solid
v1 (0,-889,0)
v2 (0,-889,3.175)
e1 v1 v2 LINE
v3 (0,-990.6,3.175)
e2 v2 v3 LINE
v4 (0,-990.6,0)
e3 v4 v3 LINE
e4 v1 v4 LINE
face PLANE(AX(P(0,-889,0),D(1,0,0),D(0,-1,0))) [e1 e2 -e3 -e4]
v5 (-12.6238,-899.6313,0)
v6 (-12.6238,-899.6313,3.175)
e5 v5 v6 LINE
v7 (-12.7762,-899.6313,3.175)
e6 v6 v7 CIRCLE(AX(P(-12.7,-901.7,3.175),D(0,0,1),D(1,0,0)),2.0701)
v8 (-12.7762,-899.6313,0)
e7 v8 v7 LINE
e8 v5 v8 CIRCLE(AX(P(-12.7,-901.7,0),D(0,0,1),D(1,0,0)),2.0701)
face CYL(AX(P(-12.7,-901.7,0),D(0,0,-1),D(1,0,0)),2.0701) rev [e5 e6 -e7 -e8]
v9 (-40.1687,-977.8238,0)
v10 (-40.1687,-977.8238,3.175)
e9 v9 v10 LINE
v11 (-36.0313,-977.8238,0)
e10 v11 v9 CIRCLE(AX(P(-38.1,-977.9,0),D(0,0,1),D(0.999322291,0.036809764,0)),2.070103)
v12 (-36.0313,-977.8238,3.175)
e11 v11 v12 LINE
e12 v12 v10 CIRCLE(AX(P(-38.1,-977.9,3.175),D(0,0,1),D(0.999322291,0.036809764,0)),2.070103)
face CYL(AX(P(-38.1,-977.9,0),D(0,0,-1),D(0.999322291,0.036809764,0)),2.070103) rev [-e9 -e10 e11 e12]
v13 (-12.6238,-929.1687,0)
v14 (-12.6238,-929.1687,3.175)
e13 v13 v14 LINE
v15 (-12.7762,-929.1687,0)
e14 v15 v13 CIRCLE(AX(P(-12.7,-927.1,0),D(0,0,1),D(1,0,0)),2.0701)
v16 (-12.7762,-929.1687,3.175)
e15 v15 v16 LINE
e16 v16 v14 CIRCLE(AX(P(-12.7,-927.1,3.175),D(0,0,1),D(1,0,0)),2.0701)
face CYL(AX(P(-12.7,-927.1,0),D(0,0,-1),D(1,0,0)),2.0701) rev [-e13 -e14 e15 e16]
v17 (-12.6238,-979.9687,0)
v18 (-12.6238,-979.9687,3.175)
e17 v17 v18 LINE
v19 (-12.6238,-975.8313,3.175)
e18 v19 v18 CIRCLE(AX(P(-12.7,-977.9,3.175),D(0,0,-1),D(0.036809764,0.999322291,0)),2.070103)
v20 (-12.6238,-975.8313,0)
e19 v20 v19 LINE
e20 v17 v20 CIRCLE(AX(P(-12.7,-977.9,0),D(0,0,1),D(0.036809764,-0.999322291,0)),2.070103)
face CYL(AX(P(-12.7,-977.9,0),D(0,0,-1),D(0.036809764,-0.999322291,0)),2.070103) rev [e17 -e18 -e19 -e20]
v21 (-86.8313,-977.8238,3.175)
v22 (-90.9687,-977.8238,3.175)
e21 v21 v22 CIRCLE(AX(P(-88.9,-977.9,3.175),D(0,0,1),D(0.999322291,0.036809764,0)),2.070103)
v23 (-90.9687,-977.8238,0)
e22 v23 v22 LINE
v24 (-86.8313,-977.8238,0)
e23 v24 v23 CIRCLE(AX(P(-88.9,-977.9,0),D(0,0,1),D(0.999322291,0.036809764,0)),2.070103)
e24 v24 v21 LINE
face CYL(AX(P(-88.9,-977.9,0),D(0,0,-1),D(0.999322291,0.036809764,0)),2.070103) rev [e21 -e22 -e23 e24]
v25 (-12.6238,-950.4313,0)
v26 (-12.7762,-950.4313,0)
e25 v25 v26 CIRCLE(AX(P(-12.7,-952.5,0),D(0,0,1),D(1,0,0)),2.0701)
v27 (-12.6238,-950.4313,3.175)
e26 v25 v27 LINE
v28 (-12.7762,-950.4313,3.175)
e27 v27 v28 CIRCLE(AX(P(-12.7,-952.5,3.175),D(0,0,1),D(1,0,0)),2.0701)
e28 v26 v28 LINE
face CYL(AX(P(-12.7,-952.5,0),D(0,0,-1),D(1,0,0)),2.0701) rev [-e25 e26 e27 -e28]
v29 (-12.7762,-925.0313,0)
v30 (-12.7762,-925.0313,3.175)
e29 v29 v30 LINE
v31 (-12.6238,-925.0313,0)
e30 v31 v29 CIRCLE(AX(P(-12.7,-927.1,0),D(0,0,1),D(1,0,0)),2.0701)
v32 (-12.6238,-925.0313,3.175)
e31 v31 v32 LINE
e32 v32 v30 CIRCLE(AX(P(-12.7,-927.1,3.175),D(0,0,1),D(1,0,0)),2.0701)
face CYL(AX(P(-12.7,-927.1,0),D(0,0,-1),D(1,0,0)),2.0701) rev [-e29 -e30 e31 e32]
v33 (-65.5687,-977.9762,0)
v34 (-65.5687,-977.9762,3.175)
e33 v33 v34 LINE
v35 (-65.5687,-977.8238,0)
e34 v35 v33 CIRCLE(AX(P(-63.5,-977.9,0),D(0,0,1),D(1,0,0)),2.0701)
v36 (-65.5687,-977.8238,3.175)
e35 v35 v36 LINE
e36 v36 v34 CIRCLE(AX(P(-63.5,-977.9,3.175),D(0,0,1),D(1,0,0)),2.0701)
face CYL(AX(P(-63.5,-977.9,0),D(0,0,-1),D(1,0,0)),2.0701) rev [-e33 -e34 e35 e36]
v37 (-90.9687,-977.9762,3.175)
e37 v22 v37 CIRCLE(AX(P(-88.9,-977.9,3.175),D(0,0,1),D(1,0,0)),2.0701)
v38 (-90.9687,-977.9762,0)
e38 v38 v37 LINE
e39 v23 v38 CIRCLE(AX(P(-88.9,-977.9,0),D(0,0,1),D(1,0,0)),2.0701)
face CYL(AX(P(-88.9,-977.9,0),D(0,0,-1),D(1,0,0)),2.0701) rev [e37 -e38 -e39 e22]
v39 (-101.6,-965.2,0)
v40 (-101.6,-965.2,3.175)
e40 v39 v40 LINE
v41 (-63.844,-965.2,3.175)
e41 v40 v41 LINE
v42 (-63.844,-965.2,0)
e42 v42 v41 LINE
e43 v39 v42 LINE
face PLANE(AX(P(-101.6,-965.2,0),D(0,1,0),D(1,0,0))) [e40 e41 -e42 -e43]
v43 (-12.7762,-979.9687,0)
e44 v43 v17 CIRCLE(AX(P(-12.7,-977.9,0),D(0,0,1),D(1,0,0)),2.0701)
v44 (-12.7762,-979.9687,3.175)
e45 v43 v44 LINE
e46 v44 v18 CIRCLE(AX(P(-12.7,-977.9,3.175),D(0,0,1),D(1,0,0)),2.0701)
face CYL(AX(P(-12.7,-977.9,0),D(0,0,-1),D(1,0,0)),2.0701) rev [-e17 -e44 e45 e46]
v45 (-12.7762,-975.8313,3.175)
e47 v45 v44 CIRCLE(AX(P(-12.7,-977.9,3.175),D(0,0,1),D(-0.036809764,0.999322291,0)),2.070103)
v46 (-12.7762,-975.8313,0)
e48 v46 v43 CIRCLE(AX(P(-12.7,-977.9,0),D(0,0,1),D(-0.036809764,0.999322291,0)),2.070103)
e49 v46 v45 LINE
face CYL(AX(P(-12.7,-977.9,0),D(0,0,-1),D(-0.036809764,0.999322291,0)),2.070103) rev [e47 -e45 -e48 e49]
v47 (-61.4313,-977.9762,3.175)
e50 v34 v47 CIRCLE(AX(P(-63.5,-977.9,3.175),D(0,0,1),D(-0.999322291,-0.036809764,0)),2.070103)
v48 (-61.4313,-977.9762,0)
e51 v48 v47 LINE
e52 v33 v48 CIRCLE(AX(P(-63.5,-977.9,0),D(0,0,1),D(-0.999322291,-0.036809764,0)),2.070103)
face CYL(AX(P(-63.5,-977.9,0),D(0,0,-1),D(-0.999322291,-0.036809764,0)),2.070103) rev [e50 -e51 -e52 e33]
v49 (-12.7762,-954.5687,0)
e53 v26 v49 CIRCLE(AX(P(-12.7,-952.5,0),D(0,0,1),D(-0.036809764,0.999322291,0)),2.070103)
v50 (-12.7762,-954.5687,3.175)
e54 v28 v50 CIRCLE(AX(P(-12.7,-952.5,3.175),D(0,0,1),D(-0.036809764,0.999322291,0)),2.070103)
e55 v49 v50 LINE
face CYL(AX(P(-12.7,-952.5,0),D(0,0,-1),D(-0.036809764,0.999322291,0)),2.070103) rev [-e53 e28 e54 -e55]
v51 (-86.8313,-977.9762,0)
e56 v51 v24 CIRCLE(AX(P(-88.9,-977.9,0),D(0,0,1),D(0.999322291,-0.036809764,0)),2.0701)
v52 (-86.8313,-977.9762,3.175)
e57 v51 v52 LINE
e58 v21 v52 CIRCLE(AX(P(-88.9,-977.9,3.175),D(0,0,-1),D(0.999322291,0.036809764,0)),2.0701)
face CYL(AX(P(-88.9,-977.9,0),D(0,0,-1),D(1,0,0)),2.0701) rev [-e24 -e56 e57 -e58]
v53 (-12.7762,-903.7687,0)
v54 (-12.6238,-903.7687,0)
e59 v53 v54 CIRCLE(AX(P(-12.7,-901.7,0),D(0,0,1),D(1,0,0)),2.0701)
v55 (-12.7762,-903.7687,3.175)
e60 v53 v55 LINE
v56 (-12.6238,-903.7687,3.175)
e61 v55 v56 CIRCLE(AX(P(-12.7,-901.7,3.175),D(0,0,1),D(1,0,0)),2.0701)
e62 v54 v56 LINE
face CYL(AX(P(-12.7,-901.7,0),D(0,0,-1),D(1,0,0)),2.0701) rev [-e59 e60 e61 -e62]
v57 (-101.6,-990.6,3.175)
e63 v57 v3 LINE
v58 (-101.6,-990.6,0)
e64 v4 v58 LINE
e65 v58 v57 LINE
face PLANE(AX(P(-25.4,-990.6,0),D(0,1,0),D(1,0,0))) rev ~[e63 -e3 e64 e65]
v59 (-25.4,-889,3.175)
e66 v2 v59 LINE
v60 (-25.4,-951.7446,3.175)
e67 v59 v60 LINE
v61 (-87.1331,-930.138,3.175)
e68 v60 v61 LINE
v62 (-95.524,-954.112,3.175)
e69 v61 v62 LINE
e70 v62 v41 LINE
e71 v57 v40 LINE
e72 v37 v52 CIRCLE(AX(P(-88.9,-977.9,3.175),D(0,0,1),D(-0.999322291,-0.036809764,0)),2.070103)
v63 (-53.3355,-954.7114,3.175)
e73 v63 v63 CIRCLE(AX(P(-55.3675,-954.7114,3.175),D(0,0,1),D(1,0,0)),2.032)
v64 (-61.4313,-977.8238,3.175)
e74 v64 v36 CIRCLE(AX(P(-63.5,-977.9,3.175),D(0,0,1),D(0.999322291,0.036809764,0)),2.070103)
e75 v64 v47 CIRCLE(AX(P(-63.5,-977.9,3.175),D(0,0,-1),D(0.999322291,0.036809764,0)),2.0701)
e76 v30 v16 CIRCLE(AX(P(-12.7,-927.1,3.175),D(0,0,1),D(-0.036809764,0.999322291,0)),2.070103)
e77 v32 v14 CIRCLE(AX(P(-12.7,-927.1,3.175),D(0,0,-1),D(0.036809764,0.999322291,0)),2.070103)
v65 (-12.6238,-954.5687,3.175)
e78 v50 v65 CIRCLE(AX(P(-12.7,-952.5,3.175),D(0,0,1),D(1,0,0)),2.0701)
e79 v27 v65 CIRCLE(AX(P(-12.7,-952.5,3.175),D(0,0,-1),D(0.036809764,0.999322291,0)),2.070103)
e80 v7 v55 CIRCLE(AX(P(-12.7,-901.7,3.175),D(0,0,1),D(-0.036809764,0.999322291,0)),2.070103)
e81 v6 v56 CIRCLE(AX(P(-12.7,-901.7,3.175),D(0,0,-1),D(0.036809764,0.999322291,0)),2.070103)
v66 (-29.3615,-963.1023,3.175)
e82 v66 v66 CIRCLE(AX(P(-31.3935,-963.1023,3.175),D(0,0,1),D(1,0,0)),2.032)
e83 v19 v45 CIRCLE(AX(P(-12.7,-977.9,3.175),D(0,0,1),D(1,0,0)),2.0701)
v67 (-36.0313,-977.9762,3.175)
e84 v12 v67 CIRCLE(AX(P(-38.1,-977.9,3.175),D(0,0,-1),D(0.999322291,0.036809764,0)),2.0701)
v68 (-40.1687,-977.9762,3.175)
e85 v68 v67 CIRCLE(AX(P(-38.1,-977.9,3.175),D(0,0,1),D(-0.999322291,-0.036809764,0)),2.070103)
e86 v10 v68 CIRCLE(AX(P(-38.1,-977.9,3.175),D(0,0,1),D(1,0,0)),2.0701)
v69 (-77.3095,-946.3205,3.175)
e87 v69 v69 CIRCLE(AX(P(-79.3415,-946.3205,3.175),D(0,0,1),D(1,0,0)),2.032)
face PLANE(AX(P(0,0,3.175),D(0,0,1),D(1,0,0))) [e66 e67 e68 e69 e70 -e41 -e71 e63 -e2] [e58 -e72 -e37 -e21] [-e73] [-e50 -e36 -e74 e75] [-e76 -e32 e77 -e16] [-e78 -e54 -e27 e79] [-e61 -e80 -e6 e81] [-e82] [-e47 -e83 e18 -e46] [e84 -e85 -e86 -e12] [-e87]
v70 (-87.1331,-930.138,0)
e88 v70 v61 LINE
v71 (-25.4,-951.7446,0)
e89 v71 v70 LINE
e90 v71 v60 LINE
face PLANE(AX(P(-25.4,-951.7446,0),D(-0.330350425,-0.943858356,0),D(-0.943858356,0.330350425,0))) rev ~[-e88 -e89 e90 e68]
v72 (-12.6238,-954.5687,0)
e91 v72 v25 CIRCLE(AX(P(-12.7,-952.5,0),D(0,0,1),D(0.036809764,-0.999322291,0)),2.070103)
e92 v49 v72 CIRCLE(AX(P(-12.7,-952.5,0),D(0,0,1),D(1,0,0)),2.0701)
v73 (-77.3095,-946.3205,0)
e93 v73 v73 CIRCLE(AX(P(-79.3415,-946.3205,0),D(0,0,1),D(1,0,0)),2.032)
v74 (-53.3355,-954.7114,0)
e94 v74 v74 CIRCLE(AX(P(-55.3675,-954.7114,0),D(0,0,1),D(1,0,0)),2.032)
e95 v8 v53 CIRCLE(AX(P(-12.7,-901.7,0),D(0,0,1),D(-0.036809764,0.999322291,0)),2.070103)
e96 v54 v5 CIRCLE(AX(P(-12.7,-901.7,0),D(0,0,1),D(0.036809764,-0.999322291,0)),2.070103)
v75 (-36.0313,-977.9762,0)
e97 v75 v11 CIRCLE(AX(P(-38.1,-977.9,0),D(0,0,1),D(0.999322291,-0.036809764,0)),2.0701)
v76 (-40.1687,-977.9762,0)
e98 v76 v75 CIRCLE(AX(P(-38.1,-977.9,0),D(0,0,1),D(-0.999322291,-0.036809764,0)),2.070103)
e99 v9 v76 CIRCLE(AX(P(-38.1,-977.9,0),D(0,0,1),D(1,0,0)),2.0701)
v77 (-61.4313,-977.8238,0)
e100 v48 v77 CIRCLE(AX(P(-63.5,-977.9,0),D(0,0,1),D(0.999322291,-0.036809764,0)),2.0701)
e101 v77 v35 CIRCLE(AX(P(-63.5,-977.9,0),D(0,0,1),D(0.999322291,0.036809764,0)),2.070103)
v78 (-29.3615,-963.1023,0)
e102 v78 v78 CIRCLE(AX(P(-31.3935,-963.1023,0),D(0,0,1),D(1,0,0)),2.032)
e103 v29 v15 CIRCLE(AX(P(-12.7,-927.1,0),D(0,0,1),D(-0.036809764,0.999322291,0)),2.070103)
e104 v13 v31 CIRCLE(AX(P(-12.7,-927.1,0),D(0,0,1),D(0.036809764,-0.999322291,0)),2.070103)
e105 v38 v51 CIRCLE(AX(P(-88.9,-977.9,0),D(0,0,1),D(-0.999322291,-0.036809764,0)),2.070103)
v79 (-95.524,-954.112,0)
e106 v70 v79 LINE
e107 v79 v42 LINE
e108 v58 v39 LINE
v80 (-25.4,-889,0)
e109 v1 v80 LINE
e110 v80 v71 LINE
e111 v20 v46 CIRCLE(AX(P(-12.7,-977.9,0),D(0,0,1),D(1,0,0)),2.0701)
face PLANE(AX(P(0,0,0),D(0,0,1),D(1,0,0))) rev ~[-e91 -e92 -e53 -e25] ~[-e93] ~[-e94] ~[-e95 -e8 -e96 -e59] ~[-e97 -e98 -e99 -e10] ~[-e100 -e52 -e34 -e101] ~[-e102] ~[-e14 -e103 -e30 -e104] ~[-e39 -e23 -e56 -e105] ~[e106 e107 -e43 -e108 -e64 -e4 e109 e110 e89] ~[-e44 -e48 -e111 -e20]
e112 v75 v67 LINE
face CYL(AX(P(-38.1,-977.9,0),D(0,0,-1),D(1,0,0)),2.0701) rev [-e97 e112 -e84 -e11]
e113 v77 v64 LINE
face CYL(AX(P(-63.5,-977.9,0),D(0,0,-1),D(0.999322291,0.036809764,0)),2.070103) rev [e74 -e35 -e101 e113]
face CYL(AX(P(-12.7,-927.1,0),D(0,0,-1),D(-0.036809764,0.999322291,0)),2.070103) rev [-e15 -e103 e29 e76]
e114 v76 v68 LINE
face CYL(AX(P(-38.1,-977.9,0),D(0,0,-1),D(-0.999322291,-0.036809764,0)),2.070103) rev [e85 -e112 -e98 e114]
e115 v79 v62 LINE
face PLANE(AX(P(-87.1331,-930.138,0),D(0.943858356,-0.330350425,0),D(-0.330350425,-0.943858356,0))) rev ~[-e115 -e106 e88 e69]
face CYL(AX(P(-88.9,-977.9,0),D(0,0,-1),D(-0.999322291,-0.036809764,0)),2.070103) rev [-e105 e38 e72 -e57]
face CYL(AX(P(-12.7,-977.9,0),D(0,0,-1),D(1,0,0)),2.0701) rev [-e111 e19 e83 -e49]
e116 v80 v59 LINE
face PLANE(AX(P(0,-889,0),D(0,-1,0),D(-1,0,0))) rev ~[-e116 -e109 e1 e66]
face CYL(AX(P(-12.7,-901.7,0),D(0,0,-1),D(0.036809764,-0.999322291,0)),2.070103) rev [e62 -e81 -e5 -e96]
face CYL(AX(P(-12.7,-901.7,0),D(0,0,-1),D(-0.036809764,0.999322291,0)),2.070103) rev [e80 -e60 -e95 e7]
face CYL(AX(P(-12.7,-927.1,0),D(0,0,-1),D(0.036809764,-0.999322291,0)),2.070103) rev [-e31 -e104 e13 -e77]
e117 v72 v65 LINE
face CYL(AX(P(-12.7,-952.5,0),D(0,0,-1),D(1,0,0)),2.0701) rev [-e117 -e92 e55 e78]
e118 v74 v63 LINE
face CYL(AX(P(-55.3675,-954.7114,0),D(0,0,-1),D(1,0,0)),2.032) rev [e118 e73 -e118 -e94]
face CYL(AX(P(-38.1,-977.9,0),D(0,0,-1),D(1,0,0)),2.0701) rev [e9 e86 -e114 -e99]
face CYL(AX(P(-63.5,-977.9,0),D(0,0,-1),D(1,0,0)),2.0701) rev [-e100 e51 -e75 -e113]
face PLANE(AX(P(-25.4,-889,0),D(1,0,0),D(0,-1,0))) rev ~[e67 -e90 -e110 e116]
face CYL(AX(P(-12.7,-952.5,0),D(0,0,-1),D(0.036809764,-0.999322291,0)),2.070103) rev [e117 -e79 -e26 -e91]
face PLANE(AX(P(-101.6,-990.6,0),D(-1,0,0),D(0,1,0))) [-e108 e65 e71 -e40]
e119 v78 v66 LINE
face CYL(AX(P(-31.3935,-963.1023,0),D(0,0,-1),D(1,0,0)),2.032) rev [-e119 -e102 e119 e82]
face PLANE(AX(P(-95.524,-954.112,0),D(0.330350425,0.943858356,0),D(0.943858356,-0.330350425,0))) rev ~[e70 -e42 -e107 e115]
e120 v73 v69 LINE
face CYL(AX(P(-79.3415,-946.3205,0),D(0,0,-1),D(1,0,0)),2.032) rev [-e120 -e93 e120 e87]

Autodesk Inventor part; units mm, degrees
ref_plane "YZ Plane" through (0, 0, 0) normal (1, 0, 0) x (0, 1, 0)
ref_plane "XZ Plane" through (0, 0, 0) normal (0, 1, 0) x (-1, 0, 0)
ref_plane "Work Plane1" through (0, 0, 0) normal (0, 0, 1) x (1, 0, 0)
sketch "Sketch1" plane through (0, 0, 0) normal (0, 0, 1) x (1, 0, 0)
  line L0 (-533.4, -800.8554) -> (-63.844, -965.2) projected
  line L1 (-533.4, -965.2) -> (-25.4, -965.2) projected
  line L2 (-25.4, -951.7446) -> (-494.956, -787.4) projected
  line L3 (-533.4, -990.6) -> (-25.4, -990.6) projected
  line L4 (-25.4, -787.4) -> (-25.4, -1498.6) projected
  line L5 (0, -787.4) -> (0, -1498.6) projected
  arc A0 (-40.1687, -977.9762) -> (-36.0313, -977.9762) centre (-38.1, -977.9) ccw projected
  arc A1 (-36.0313, -977.8238) -> (-40.1687, -977.8238) centre (-38.1, -977.9) ccw projected
  arc A2 (-65.5687, -977.9762) -> (-61.4313, -977.9762) centre (-63.5, -977.9) ccw projected
  arc A3 (-61.4313, -977.8238) -> (-65.5687, -977.8238) centre (-63.5, -977.9) ccw projected
  line L6 (-116.3687, -977.8238) -> (-137.6313, -977.8238) projected
  arc A4 (-12.7762, -975.8313) -> (-12.7762, -979.9687) centre (-12.7, -977.9) ccw projected
  arc A5 (-12.6238, -979.9687) -> (-12.6238, -975.8313) centre (-12.7, -977.9) ccw projected
  arc A6 (-12.7762, -950.4313) -> (-12.7762, -954.5687) centre (-12.7, -952.5) ccw projected
  arc A7 (-12.6238, -954.5687) -> (-12.6238, -950.4313) centre (-12.7, -952.5) ccw projected
  arc A8 (-12.7762, -925.0313) -> (-12.7762, -929.1687) centre (-12.7, -927.1) ccw projected
  arc A9 (-12.6238, -929.1687) -> (-12.6238, -925.0313) centre (-12.7, -927.1) ccw projected
  circle A10 centre (-31.3935, -963.1023) radius 2.032 projected
  circle A11 centre (-55.3675, -954.7114) radius 2.032 projected
  circle A12 centre (-79.3415, -946.3205) radius 2.032 projected
  arc A13 (-12.7762, -899.6313) -> (-12.7762, -903.7687) centre (-12.7, -901.7) ccw projected
  arc A14 (-12.6238, -903.7687) -> (-12.6238, -899.6313) centre (-12.7, -901.7) ccw projected
  arc A15 (-90.9687, -977.9762) -> (-86.8313, -977.9762) centre (-88.9, -977.9) ccw projected
  arc A16 (-86.8313, -977.8238) -> (-90.9687, -977.8238) centre (-88.9, -977.9) ccw projected
  line L7 (-12.7, -901.7) -> (-12.7, -876.3) construction
  line L8 (-25.4, -889) -> (0, -889) construction
  line L9 (0, -889) -> (-25.4, -889)
  line L10 (-88.9, -977.9) -> (-114.3, -977.9) construction
  line L11 (-101.6, -990.6) -> (-101.6, -965.2)
  line L12 (-101.6, -990.6) -> (0, -990.6)
  line L13 (0, -990.6) -> (0, -889)
  line L14 (-25.4, -889) -> (-25.4, -951.7446)
  line L15 (-101.6, -965.2) -> (-63.844, -965.2)
  line L16 (-79.3415, -946.3205) -> (-103.3155, -937.9296) construction
  line L17 (-95.524, -954.112) -> (-87.1331, -930.138) construction
  line L18 (-87.1331, -930.138) -> (-95.524, -954.112)
  line L19 (-95.524, -954.112) -> (-63.844, -965.2)
  line L20 (-87.1331, -930.138) -> (-25.4, -951.7446)
  circle A17 centre (-12.7, -901.7) radius 2.0701
  circle A18 centre (-12.7, -927.1) radius 2.0701
  circle A19 centre (-12.7, -952.5) radius 2.0701
  circle A20 centre (-12.7, -977.9) radius 2.0701
  circle A21 centre (-38.1, -977.9) radius 2.0701
  circle A22 centre (-63.5, -977.9) radius 2.0701
  circle A23 centre (-88.9, -977.9) radius 2.0701
  circle A24 centre (-79.3415, -946.3205) radius 2.032
  circle A25 centre (-55.3675, -954.7114) radius 2.032
  circle A26 centre (-31.3935, -963.1023) radius 2.032
  point P0 (0, 0)
  point P1 (-12.7762, -903.7687)
  point P2 (-12.6238, -899.6313)
  point P3 (-12.7762, -929.1687)
  point P4 (-12.6238, -925.0313)
  point P5 (-12.7762, -954.5687)
  point P6 (-12.6238, -950.4313)
  point P7 (-12.7762, -979.9687)
  point P8 (-12.6238, -975.8313)
  point P9 (-86.8313, -977.9762)
  point P10 (-40.1687, -977.8238)
  point P11 (-36.0313, -977.9762)
  point P12 (-25.4, -990.6)
  dimension "d0" = 25.4
  dimension "d1" = 25.4
  dimension "d2" = 25.4
extrude "Extrusion1" add sketch "Sketch1" along normal blind 3.175
properties part number "arrow bracket (70.1 and 19.29 degrees)"
